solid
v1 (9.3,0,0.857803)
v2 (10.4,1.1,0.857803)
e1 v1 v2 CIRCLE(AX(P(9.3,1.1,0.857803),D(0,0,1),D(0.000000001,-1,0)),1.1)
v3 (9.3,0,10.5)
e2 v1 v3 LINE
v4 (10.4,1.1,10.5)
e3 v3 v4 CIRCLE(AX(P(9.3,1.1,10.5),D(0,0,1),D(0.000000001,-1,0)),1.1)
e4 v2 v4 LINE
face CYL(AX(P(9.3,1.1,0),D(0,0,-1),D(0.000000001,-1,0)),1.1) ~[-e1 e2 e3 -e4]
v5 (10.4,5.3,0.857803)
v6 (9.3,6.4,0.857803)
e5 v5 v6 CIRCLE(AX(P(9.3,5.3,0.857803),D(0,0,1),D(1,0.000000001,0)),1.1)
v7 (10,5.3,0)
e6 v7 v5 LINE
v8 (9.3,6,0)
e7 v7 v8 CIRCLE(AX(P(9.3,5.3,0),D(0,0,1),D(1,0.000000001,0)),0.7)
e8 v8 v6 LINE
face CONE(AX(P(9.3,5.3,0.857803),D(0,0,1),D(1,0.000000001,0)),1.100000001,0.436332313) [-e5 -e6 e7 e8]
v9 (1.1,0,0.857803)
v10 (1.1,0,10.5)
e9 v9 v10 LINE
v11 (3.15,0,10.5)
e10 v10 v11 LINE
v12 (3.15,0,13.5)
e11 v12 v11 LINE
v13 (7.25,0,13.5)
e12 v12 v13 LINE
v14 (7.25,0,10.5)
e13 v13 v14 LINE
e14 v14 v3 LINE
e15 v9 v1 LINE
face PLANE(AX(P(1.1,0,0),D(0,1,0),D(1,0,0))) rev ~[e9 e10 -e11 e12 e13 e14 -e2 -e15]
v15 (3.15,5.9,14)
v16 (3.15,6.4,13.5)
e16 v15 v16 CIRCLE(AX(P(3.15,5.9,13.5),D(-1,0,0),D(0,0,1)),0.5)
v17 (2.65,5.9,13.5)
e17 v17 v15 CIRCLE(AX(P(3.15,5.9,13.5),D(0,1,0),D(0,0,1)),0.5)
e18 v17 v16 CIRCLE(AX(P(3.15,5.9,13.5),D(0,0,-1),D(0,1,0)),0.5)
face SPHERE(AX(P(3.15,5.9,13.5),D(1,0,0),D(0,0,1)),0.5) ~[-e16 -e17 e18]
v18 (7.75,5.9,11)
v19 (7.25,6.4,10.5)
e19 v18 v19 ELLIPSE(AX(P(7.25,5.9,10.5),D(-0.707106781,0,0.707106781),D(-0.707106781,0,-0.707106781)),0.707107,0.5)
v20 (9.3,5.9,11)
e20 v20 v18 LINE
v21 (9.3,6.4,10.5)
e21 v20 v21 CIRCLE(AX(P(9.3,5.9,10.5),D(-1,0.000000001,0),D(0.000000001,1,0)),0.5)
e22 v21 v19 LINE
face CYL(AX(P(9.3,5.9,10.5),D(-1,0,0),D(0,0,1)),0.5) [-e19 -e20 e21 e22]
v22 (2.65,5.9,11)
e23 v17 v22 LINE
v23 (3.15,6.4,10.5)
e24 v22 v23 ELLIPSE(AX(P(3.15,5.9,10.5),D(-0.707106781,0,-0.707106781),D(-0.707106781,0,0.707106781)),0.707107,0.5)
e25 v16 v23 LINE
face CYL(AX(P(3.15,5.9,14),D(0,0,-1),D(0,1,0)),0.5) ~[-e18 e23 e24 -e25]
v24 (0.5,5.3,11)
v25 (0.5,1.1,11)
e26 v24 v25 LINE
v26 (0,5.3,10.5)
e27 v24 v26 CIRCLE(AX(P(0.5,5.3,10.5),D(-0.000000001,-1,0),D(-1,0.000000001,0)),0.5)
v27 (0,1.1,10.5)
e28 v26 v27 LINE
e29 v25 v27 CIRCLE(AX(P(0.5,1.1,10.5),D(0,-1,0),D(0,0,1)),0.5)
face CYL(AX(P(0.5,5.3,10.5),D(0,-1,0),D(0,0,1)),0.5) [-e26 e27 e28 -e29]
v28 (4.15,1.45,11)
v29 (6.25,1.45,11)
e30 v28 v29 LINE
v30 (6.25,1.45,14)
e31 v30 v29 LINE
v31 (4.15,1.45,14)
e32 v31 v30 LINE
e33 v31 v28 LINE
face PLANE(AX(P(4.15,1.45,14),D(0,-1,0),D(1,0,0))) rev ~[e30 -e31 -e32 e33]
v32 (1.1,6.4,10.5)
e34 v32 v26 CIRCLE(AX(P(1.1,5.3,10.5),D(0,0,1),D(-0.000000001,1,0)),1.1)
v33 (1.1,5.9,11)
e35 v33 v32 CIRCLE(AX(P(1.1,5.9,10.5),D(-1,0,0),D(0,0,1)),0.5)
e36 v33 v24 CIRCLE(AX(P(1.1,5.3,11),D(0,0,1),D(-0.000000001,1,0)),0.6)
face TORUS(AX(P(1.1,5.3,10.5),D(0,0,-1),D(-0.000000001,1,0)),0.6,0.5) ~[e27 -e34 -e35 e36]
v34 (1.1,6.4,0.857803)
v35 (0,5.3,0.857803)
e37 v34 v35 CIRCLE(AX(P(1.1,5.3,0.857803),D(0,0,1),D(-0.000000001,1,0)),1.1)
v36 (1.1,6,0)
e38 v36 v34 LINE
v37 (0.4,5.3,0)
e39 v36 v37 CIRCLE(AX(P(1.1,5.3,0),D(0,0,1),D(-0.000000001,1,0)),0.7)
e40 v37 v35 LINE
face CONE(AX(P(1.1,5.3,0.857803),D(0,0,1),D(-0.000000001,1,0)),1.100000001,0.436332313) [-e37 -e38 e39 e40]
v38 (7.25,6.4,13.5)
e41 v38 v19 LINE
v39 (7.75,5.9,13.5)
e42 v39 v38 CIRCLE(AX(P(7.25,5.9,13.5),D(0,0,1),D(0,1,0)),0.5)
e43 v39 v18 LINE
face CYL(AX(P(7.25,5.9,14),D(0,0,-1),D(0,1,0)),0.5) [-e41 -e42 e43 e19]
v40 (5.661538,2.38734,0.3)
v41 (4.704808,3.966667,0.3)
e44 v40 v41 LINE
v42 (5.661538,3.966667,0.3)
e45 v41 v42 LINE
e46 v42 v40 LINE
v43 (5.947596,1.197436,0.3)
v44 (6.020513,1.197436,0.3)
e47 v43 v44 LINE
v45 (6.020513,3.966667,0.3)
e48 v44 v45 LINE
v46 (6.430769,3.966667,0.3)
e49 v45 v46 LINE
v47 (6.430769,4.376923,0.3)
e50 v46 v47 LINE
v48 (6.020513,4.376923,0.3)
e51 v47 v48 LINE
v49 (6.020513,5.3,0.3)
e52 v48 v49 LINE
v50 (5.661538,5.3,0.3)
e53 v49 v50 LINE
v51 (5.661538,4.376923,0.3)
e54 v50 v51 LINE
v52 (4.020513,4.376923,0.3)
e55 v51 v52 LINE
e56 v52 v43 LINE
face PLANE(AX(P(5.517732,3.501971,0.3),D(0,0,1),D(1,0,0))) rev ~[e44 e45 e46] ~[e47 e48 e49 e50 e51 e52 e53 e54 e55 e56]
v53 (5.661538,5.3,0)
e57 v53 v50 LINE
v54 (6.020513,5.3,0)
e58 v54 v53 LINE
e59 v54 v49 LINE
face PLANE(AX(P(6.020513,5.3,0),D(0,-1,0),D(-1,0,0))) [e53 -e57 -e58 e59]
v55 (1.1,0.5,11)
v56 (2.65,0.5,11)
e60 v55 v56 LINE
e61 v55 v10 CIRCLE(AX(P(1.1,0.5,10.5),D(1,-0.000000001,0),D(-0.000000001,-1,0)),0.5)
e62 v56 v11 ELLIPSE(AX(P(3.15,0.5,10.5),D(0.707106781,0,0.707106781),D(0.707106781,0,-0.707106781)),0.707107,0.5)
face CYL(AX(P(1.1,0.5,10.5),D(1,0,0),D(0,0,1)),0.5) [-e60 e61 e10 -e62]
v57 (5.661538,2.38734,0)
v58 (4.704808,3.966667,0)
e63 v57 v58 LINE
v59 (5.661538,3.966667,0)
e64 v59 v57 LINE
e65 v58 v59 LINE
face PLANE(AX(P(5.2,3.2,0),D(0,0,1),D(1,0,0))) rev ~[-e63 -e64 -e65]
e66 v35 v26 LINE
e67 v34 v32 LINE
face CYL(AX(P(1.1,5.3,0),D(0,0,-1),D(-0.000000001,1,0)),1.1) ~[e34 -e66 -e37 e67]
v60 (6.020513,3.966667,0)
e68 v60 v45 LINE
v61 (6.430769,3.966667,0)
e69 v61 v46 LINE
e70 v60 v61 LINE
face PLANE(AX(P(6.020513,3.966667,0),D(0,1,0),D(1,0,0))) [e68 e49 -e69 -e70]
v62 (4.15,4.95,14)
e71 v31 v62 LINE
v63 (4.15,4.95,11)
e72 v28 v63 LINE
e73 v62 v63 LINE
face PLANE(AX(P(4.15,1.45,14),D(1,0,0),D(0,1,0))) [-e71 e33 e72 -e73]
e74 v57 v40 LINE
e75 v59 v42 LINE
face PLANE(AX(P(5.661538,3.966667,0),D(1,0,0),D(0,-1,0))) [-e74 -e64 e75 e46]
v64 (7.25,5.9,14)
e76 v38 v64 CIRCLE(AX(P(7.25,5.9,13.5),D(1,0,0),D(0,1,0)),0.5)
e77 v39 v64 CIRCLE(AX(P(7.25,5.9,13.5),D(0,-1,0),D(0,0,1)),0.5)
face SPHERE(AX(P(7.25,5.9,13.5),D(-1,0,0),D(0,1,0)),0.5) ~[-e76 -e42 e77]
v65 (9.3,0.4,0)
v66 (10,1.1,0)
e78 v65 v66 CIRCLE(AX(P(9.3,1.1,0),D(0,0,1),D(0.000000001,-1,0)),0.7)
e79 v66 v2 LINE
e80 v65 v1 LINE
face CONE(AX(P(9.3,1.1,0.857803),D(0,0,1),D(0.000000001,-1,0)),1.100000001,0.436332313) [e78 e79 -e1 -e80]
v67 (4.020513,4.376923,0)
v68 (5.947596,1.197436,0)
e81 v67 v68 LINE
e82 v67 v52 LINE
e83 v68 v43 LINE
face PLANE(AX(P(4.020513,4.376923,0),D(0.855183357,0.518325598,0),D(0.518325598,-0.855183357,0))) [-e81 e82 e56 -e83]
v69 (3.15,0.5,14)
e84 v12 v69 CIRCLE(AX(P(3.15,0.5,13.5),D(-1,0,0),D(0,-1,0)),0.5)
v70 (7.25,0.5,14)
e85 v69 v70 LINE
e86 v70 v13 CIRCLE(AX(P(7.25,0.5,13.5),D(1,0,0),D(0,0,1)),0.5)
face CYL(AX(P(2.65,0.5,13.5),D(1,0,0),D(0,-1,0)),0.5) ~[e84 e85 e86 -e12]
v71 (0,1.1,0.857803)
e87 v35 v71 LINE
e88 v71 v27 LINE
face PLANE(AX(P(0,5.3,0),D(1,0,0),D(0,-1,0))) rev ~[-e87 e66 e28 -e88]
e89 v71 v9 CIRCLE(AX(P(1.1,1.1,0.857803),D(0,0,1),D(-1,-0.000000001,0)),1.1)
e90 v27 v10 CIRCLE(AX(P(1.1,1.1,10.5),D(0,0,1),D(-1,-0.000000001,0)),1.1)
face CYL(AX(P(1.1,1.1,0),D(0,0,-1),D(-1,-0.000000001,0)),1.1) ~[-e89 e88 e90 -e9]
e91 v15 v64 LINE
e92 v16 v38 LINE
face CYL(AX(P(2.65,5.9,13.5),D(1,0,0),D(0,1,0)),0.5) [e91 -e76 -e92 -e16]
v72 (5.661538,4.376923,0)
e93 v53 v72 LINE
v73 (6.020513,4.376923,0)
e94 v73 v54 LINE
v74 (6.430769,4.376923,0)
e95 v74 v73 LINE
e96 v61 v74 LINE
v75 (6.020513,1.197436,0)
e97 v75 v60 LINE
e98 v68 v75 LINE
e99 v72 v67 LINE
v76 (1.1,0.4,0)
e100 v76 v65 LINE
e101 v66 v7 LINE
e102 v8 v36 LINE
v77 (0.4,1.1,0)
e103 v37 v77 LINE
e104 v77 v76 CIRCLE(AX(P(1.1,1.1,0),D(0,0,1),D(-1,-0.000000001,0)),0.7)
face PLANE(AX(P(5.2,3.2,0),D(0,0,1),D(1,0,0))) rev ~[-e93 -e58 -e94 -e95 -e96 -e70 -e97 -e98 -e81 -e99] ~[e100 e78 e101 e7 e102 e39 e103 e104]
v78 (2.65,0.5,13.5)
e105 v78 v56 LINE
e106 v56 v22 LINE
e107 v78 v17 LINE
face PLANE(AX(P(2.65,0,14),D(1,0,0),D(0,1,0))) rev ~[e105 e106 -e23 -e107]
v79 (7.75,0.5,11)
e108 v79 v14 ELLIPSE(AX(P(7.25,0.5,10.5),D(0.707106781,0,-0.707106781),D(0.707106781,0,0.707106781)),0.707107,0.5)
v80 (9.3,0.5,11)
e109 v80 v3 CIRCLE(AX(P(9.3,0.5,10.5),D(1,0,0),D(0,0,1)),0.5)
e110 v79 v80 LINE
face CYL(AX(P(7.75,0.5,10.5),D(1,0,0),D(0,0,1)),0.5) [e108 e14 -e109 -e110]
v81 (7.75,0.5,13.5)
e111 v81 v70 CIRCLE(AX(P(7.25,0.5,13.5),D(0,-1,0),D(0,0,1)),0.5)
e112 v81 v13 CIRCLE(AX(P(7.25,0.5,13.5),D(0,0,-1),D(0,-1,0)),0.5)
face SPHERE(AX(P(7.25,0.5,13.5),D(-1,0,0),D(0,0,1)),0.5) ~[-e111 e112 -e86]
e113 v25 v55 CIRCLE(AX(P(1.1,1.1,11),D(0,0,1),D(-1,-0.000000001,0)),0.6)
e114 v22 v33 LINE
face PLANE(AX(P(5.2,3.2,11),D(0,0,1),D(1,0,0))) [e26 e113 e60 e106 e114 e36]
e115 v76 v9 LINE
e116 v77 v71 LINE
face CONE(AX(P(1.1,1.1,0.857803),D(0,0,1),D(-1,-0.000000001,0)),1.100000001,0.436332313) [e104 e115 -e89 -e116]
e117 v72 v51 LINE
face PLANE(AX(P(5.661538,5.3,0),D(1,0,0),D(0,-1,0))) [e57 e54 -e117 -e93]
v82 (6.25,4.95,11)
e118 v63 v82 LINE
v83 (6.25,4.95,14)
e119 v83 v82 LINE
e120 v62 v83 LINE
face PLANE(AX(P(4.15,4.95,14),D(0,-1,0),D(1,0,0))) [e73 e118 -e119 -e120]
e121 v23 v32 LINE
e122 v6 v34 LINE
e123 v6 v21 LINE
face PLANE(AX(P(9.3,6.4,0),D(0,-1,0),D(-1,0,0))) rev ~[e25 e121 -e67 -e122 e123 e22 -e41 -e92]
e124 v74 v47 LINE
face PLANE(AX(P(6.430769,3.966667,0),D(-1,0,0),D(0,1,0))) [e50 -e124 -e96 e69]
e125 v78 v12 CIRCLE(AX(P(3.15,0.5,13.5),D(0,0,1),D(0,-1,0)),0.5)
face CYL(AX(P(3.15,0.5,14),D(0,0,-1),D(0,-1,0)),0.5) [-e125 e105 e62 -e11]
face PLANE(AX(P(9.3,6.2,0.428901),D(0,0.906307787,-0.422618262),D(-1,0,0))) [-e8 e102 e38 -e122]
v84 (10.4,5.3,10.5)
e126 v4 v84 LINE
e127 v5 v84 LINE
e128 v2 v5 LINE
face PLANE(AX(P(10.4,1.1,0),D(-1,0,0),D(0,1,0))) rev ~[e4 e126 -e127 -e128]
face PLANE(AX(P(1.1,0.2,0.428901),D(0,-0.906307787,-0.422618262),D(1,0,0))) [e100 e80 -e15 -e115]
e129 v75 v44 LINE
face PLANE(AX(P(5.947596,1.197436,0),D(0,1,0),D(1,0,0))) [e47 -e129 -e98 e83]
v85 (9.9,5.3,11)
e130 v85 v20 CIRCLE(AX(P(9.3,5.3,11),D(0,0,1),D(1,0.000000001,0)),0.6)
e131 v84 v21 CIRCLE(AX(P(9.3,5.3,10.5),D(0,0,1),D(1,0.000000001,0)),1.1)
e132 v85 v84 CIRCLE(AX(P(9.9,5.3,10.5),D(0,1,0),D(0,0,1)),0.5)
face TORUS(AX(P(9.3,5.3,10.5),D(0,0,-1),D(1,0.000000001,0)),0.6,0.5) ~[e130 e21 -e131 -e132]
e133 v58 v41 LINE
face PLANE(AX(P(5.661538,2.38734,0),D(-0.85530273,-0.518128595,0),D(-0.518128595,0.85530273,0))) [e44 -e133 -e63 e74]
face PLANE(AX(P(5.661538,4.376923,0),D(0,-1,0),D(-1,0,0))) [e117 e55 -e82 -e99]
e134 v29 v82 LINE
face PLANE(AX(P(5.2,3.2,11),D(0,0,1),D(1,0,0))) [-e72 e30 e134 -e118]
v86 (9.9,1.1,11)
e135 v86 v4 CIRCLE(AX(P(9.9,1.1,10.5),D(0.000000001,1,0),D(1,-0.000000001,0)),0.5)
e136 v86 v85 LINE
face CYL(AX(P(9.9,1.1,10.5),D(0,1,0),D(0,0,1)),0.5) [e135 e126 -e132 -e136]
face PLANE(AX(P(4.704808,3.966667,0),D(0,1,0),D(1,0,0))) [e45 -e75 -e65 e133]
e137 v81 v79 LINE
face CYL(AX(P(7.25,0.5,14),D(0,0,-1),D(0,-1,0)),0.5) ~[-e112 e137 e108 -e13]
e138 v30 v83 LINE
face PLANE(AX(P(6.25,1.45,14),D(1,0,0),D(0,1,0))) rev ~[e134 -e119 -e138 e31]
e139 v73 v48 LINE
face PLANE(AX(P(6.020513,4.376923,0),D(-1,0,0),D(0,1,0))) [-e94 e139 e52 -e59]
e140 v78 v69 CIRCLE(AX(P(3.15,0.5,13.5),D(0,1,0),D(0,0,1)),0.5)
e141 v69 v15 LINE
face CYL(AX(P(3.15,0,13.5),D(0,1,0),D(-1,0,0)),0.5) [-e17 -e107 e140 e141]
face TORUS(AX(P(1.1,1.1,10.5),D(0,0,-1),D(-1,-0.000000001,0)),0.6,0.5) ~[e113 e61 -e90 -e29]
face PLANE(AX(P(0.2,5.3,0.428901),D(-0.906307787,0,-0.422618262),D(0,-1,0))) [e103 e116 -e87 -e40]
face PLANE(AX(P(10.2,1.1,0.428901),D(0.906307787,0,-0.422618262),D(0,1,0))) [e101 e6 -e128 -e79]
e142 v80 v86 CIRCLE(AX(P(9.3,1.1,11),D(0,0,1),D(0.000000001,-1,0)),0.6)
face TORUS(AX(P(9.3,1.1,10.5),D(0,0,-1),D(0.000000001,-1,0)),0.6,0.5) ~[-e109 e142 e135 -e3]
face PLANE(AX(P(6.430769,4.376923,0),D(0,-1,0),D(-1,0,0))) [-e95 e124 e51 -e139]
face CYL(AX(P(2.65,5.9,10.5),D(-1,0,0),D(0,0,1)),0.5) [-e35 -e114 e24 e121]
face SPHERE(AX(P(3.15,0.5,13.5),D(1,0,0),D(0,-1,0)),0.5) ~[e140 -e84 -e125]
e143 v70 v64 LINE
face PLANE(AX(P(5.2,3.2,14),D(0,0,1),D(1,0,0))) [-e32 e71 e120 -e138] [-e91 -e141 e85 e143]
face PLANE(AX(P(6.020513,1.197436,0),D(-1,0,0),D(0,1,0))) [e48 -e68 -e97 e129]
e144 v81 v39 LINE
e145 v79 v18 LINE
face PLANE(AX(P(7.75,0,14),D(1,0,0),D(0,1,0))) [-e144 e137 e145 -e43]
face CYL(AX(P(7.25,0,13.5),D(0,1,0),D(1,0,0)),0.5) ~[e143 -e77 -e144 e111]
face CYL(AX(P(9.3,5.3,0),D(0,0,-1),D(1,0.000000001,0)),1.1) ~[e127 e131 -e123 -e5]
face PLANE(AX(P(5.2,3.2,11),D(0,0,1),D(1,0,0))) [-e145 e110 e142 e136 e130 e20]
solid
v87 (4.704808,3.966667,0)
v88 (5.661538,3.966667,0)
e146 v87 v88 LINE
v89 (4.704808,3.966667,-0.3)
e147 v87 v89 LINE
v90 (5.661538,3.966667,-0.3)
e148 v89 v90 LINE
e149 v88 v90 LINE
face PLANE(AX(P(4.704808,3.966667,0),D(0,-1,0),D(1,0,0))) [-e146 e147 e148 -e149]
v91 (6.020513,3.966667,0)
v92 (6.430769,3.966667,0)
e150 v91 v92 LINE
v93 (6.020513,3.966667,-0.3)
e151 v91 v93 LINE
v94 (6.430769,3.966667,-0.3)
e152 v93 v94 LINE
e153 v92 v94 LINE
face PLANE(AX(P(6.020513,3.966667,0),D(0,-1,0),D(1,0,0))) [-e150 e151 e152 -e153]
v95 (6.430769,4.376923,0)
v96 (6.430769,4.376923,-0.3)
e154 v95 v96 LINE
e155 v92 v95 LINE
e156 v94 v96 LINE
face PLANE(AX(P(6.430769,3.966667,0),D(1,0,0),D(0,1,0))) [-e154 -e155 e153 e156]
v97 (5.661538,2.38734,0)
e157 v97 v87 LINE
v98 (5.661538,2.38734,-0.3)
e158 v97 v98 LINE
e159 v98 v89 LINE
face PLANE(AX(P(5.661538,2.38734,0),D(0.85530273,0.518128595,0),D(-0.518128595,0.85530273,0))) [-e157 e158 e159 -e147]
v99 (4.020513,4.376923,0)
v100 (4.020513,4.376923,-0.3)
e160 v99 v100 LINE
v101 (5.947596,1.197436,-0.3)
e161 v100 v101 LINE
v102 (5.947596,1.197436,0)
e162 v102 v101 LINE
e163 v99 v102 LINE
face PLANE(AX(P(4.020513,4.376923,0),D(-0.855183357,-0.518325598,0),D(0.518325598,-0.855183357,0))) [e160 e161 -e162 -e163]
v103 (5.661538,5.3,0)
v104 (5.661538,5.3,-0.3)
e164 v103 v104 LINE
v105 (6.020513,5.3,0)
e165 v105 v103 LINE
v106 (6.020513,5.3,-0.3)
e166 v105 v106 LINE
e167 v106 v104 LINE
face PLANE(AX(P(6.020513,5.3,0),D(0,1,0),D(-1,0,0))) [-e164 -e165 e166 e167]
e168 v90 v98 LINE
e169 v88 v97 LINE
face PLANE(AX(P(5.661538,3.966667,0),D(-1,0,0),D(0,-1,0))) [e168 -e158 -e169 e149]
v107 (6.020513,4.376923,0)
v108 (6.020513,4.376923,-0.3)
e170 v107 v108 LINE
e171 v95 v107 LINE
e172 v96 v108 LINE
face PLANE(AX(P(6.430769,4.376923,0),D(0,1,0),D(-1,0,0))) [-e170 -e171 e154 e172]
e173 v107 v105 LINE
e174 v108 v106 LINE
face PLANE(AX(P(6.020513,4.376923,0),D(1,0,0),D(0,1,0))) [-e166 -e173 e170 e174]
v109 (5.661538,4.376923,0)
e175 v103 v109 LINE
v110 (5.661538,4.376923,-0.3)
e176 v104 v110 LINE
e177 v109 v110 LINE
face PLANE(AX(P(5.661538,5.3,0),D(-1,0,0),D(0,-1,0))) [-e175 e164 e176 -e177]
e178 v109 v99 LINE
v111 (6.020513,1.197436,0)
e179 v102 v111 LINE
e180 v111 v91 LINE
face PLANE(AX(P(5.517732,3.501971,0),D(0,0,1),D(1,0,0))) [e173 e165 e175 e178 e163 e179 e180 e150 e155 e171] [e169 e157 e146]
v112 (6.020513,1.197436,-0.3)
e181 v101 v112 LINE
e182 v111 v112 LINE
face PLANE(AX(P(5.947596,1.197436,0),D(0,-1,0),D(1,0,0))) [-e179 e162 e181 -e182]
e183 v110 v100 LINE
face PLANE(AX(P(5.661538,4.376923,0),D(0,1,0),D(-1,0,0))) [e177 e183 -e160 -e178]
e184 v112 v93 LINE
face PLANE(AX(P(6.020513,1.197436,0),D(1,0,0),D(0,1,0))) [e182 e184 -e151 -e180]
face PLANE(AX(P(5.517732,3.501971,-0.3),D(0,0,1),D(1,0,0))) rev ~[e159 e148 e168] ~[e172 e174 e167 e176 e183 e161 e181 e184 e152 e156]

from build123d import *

# Parameters (mm, degrees)
BOSS_EXTRU_1_DEPTH      = 14
ESQUISSE3_W             = 2.1
ESQUISSE3_H             = 3.5
ENL_V_MAT_EXTRU_1_DEPTH = 3
ESQUISSE4_OUTSIDE_W     = 16.116
ESQUISSE4_OUTSIDE_H     = 12.116
ESQUISSE4_OUTSIDE_W_2   = 5.1
ESQUISSE4_OUTSIDE_H_2   = 6.4
ENL_V_MAT_EXTRU_2_DEPTH = 3
CONG_1_R                = 0.5
CHANFREIN1_SIZE         = 0.4
CHANFREIN1_SIZE2        = 0.857802768
ENL_V_MAT_EXTRU_3_DEPTH = 0.3
BOSS_EXTRU_2_DEPTH      = 0.3


with BuildPart() as part:
    # Esquisse2 → Boss.-Extru.1 (new body)
    with BuildSketch(Plane.XY):
        with BuildLine():
            Line((1.1, 0), (9.3, 0))
            ThreePointArc((9.3, 0), (10.077817459, 0.322182541), (10.4, 1.1))
            Line((10.4, 1.1), (10.4, 5.3))
            ThreePointArc((10.4, 5.3), (10.077817459, 6.077817459), (9.3, 6.4))
            Line((9.3, 6.4), (1.1, 6.4))
            ThreePointArc((1.1, 6.4), (0.322182541, 6.077817459), (0, 5.3))
            Line((0, 5.3), (0, 1.1))
            ThreePointArc((0, 1.1), (0.322182541, 0.322182541), (1.1, 0))
        make_face()
    extrude(amount=BOSS_EXTRU_1_DEPTH)

    # Esquisse3 → Enlèv. mat.-Extru.1 (cut)
    with BuildSketch(Plane.XY.offset(14)):
        with Locations((5.2, 3.2)):
            Rectangle(ESQUISSE3_W, ESQUISSE3_H)
    extrude(amount=-ENL_V_MAT_EXTRU_1_DEPTH, mode=Mode.SUBTRACT)

    # Esquisse4 outside → Enlèv. mat.-Extru.2 (cut)
    with BuildSketch(Plane.XY.offset(14)):
        with Locations((5.2, 3.2)):
            Rectangle(ESQUISSE4_OUTSIDE_W, ESQUISSE4_OUTSIDE_H)
        with Locations((5.2, 3.2)):
            Rectangle(ESQUISSE4_OUTSIDE_W_2, ESQUISSE4_OUTSIDE_H_2, mode=Mode.SUBTRACT)
    extrude(amount=-ENL_V_MAT_EXTRU_2_DEPTH, mode=Mode.SUBTRACT)

    # Congé1
    cong_1_edges = [part.edges().sort_by_distance(p)[0] for p in [
        (5.2, 6.4, 14),
        (5.2, 0, 14),
        (10.4, 3.2, 11),
        (1.875, 6.4, 11),
        (0.322182541, 6.077817459, 11),
        (0, 3.2, 11),
        (0.322182541, 0.322182541, 11),
        (1.875, 0, 11),
        (8.525, 0, 11),
        (10.077817459, 0.322182541, 11),
        (10.077817459, 6.077817459, 11),
        (8.525, 6.4, 11),
        (7.75, 6.4, 12.5),
        (7.75, 3.2, 14),
        (7.75, 0, 12.5),
        (2.65, 0, 12.5),
        (2.65, 3.2, 14),
        (2.65, 6.4, 12.5),
    ]]
    fillet(cong_1_edges, radius=CONG_1_R)

    # Chanfrein1
    chanfrein1_edges = [part.edges().sort_by_distance(p)[0] for p in [
        (5.2, 6.4, 0),
        (10.077817459, 6.077817459, 0),
        (10.4, 3.2, 0),
        (10.077817459, 0.322182541, 0),
        (5.2, 0, 0),
        (0.322182541, 0.322182541, 0),
        (0, 3.2, 0),
        (0.322182541, 6.077817459, 0),
    ]]
    chanfrein1_side = [part.faces().sort_by_distance(p)[0] for p in [
        (5.2, 3.2, 0),
    ]]
    chamfer(chanfrein1_edges, length=CHANFREIN1_SIZE, length2=CHANFREIN1_SIZE2, reference=chanfrein1_side[0])

    # Esquisse5 → Enlèv. mat.-Extru.3 (cut)
    with BuildSketch(Plane(origin=(0, 0, 0), x_dir=(-1, 0, 0), z_dir=(0, 0, -1))):
        Polygon((-5.947596154, 1.197435897), (-6.020512821, 1.197435897), (-6.020512821, 3.966666667), (-6.430769231, 3.966666667), (-6.430769231, 4.376923077), (-6.020512821, 4.376923077), (-6.020512821, 5.3), (-5.661538462, 5.3), (-5.661538462, 4.376923077), (-4.020512821, 4.376923077), align=None)
        Polygon((-5.661538462, 3.966666667), (-5.661538462, 2.387339744), (-4.704807692, 3.966666667), align=None, mode=Mode.SUBTRACT)
    extrude(amount=-ENL_V_MAT_EXTRU_3_DEPTH, mode=Mode.SUBTRACT)


with BuildPart() as body_2:
    # Esquisse5<2> → Boss.-Extru.2 (new body)
    with BuildSketch(Plane(origin=(0, 0, 0), x_dir=(-1, 0, 0), z_dir=(0, 0, -1))):
        Polygon((-5.947596154, 1.197435897), (-6.020512821, 1.197435897), (-6.020512821, 3.966666667), (-6.430769231, 3.966666667), (-6.430769231, 4.376923077), (-6.020512821, 4.376923077), (-6.020512821, 5.3), (-5.661538462, 5.3), (-5.661538462, 4.376923077), (-4.020512821, 4.376923077), align=None)
        Polygon((-5.661538462, 3.966666667), (-5.661538462, 2.387339744), (-4.704807692, 3.966666667), align=None, mode=Mode.SUBTRACT)
    extrude(amount=BOSS_EXTRU_2_DEPTH)


solid = Compound([part.part, body_2.part])
